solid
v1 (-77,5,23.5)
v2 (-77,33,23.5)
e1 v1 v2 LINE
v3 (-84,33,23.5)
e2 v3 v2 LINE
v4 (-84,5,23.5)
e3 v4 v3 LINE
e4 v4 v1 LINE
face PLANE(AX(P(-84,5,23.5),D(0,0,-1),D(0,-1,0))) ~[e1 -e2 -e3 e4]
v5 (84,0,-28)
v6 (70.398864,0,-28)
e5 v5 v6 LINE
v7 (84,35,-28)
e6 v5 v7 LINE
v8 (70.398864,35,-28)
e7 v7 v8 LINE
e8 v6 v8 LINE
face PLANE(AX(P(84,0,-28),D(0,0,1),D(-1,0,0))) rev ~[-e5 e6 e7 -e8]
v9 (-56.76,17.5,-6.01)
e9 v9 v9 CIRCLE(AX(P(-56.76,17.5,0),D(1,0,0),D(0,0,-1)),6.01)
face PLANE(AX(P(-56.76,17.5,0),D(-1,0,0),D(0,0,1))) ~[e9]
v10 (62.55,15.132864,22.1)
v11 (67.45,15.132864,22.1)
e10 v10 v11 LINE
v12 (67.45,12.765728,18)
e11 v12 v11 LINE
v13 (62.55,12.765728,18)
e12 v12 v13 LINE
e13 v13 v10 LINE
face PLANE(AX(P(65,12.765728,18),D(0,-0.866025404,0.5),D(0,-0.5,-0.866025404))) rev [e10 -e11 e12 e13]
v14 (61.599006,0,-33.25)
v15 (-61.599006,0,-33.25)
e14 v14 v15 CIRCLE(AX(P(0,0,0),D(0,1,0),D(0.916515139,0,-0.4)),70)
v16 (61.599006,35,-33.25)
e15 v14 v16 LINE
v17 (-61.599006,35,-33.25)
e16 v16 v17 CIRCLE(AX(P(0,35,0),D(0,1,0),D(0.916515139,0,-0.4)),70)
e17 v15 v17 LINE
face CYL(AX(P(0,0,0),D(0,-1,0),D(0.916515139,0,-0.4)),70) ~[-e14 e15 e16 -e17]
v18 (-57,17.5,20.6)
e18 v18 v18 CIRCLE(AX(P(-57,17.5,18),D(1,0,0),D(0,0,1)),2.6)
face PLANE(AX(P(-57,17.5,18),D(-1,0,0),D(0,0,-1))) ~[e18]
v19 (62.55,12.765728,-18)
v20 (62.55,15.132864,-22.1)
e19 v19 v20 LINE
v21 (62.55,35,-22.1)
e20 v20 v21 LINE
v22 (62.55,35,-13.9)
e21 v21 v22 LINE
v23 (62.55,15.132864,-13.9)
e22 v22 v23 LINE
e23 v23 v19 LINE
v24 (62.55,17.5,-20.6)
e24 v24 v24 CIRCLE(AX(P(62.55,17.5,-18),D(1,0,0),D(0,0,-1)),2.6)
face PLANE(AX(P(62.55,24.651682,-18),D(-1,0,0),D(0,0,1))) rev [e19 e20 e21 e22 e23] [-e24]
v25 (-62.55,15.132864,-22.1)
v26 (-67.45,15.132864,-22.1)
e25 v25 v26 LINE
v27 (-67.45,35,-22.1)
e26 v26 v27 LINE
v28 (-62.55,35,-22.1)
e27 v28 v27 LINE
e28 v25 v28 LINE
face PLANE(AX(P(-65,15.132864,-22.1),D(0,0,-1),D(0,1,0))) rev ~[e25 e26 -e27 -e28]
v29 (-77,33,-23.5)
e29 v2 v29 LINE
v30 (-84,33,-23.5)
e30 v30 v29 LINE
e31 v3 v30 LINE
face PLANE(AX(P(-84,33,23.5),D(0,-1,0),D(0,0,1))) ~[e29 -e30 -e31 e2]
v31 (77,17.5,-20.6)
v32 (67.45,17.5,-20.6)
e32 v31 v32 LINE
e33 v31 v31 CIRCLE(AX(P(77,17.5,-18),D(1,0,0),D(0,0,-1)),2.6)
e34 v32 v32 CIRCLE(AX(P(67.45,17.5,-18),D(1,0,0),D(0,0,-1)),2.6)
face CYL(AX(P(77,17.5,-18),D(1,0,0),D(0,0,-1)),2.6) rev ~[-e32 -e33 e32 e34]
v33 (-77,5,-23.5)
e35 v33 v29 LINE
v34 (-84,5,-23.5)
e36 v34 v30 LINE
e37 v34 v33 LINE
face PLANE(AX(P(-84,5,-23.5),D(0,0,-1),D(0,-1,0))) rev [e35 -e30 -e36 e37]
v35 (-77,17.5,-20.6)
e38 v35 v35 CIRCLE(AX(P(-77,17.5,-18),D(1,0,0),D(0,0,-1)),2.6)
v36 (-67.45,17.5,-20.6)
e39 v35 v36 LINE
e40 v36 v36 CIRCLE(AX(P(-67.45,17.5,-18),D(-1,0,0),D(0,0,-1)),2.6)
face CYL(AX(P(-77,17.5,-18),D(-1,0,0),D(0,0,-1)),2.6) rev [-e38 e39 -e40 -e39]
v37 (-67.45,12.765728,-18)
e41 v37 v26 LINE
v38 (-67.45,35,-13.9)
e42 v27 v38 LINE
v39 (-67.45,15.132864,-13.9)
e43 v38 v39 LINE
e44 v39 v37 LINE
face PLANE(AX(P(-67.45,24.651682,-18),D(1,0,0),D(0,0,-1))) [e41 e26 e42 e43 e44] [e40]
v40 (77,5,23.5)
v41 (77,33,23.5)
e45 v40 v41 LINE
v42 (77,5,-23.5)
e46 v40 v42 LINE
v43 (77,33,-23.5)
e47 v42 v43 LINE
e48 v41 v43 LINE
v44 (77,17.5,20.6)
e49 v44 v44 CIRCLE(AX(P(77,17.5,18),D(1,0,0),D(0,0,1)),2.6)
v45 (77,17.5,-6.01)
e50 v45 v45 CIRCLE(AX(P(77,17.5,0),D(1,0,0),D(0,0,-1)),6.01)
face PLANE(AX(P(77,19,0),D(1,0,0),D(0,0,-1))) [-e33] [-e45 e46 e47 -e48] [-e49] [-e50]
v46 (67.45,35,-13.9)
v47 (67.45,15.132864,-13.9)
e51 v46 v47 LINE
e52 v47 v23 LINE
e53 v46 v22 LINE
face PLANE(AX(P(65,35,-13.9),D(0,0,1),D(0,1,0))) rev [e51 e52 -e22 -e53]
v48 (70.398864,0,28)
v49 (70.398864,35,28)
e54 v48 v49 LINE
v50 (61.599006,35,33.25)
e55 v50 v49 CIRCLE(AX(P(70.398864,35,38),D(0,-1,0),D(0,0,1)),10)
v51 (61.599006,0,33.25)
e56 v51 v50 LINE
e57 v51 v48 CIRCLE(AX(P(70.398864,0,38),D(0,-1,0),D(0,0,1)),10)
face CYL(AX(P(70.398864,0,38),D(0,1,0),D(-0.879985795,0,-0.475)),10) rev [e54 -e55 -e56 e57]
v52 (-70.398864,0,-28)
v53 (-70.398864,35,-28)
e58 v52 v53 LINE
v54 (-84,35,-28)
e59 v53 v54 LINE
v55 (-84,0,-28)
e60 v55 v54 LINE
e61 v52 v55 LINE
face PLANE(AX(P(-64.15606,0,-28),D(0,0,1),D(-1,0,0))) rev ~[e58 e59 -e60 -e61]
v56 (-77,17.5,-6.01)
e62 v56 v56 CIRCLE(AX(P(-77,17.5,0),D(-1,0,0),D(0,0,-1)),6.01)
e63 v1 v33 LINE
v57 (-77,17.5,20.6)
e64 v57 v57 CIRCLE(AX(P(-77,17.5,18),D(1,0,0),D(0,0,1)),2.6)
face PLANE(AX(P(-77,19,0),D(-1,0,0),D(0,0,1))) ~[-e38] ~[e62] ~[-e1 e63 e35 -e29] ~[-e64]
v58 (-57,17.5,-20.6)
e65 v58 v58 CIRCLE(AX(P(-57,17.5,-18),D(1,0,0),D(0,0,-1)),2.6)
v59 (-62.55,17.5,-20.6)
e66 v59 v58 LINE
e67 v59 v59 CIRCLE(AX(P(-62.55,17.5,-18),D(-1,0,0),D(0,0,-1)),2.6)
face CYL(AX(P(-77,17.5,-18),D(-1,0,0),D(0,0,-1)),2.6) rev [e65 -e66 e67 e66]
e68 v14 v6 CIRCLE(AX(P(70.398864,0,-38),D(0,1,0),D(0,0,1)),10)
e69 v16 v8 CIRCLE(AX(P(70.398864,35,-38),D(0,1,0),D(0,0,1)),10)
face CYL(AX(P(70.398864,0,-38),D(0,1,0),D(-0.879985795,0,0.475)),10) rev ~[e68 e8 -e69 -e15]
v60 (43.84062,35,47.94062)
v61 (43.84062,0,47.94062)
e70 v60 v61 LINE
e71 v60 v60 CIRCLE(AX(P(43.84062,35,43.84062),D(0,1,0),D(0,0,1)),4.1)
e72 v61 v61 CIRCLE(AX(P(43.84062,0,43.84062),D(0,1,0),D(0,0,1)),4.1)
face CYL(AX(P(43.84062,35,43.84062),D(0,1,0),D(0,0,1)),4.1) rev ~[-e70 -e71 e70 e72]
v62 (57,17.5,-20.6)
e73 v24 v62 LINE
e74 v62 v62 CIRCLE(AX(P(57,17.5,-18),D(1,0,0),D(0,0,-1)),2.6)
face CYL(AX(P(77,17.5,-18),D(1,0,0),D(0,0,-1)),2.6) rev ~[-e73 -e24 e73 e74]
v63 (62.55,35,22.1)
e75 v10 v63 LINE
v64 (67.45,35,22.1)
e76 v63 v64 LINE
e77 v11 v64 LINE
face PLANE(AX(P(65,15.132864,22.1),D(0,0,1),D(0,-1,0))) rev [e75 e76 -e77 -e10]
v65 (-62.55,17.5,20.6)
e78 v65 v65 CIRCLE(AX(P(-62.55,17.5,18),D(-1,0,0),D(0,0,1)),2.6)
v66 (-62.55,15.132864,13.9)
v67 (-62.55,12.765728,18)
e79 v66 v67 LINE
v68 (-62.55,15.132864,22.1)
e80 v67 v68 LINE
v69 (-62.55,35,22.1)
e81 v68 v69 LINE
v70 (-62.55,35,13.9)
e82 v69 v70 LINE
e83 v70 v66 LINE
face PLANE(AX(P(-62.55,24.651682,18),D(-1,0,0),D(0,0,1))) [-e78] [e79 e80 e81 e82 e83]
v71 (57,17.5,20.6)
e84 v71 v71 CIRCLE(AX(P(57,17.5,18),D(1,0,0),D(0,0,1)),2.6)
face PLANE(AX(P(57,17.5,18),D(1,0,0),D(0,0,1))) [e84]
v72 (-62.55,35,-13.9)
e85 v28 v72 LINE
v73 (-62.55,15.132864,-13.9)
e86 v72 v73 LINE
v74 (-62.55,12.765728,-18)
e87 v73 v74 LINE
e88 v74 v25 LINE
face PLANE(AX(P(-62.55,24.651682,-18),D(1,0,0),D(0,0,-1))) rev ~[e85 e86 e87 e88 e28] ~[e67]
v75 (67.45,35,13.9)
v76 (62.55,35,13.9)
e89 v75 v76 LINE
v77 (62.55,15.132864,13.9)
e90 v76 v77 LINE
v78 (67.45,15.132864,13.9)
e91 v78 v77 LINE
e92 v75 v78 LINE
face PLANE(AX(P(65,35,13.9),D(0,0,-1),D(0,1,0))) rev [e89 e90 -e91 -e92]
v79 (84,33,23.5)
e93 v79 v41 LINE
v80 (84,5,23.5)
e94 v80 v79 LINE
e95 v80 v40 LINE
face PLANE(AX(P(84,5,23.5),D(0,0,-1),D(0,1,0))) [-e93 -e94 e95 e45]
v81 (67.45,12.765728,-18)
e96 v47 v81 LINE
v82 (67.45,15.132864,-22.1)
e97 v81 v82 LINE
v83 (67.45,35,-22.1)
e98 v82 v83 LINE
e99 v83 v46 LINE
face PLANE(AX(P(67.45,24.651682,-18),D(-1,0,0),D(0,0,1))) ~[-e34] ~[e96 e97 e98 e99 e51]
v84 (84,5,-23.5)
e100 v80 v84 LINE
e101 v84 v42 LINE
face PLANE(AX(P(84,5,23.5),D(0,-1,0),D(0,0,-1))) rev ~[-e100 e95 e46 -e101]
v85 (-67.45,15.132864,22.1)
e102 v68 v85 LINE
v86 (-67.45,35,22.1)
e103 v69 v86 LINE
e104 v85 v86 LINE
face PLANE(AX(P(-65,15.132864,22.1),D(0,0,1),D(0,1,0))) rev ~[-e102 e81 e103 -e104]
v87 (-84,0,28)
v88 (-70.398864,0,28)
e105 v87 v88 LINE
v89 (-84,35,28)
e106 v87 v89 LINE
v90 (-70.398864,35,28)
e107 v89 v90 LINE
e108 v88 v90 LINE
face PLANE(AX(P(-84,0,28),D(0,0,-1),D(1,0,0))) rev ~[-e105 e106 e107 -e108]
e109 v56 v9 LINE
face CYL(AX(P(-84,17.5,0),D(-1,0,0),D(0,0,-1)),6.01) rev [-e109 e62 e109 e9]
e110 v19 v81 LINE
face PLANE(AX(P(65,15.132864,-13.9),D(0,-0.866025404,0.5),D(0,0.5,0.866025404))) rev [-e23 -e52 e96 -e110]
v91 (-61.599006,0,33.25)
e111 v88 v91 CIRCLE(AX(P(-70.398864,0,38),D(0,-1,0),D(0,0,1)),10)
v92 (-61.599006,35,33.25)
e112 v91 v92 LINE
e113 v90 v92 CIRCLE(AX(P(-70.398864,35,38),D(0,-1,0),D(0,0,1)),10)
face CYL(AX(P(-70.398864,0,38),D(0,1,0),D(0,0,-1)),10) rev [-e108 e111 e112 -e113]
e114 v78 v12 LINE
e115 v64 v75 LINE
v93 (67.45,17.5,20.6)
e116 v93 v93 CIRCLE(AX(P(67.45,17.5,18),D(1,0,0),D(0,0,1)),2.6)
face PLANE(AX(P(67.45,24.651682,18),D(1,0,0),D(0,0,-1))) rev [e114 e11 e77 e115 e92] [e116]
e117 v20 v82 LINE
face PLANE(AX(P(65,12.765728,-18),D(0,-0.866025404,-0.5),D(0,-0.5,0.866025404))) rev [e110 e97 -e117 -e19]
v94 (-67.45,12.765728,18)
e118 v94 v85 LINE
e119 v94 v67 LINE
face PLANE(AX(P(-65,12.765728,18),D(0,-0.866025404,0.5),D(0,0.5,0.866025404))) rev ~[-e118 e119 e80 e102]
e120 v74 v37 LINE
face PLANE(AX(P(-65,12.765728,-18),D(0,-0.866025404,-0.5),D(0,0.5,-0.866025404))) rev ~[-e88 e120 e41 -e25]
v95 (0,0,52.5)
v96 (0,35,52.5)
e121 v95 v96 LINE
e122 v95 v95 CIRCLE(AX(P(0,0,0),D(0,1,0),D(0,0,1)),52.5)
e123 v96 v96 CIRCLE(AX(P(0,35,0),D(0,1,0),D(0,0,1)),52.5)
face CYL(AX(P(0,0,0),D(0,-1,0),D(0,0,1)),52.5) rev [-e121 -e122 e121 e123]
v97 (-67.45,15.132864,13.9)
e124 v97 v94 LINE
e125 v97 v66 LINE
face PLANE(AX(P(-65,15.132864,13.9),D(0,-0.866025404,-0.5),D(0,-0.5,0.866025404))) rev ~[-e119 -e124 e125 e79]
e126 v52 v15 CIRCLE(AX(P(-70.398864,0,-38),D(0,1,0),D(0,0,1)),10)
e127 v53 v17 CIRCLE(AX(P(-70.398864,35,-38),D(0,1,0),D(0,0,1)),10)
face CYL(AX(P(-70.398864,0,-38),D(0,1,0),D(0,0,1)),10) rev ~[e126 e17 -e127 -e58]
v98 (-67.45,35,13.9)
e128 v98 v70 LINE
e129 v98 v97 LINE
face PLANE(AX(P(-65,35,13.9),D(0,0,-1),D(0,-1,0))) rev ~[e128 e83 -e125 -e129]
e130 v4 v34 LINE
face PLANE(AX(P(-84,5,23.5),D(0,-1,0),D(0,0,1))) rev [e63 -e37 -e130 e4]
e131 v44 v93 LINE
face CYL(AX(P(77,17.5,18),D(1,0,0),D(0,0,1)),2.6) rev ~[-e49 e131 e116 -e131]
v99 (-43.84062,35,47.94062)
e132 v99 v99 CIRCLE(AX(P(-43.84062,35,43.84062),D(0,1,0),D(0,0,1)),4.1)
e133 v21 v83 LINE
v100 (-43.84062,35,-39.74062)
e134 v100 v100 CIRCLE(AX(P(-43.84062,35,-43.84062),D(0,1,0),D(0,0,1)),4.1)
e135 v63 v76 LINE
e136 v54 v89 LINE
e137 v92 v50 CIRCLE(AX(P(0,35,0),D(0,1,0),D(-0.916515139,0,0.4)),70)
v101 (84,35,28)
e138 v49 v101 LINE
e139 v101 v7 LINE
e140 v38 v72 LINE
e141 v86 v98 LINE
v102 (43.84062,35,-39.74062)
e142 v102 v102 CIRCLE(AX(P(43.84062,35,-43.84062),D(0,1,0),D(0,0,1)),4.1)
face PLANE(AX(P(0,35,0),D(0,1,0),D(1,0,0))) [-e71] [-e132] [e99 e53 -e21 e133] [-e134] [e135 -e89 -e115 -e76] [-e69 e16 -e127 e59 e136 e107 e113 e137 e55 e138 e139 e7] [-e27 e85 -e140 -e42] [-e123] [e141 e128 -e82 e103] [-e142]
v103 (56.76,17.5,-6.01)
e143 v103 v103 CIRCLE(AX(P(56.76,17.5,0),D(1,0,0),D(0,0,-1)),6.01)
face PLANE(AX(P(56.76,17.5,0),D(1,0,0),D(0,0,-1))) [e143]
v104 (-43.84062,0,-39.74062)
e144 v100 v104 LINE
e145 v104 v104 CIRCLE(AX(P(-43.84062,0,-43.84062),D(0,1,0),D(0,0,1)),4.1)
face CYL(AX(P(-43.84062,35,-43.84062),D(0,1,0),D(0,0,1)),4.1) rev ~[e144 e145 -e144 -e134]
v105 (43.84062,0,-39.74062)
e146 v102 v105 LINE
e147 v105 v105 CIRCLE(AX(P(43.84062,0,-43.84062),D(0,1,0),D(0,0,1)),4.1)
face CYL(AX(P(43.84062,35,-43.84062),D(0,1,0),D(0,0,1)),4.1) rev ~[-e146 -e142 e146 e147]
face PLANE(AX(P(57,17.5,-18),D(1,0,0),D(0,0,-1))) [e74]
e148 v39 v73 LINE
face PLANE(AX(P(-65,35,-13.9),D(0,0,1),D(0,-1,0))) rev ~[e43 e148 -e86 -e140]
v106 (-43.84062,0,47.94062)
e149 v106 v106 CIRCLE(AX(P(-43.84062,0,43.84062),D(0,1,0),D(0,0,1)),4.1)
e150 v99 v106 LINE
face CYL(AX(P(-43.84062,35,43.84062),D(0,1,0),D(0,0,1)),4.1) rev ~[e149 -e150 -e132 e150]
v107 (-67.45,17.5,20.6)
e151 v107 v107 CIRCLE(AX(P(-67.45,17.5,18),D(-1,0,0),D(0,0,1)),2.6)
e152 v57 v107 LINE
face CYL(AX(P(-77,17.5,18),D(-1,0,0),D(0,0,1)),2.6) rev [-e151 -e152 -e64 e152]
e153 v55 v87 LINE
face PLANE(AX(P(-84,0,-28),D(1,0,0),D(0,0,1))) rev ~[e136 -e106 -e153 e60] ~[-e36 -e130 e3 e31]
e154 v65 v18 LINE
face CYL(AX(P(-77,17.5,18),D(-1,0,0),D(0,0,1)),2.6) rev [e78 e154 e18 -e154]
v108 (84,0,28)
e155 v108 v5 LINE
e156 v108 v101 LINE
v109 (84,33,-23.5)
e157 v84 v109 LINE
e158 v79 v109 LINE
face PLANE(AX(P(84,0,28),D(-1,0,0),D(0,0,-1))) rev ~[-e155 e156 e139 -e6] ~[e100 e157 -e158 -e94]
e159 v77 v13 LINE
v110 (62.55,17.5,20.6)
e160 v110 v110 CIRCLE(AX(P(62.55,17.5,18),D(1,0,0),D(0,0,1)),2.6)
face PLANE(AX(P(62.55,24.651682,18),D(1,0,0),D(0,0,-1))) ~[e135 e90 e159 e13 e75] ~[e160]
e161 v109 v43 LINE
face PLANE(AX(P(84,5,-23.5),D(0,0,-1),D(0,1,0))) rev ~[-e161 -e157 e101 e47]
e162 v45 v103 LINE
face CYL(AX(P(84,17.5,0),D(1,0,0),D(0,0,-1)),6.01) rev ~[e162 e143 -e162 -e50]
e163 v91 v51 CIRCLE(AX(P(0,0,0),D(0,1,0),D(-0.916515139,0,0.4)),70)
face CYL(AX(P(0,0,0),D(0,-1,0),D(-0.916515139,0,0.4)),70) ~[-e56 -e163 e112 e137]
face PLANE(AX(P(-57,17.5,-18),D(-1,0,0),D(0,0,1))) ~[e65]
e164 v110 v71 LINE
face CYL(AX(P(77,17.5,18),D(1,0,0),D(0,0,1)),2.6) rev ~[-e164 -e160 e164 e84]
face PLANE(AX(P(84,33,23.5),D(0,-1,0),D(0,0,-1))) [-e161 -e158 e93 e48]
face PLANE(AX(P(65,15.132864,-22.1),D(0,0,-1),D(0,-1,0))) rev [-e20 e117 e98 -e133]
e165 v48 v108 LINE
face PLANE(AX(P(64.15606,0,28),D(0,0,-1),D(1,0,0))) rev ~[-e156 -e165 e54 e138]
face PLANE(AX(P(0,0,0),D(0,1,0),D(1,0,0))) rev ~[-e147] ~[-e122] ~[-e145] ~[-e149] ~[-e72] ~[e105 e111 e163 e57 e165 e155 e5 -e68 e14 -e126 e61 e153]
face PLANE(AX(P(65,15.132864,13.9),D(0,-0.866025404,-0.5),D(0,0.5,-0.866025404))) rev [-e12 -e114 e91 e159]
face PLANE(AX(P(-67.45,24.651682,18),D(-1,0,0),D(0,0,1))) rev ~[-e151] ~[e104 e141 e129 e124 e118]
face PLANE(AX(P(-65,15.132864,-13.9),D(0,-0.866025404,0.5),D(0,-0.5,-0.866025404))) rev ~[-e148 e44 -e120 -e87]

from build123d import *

# Parameters (mm, degrees)
IZIM1_R                     = 52.5
Y_KSEKLIK_EKSTR_ZYON1_DEPTH = 35
IZIM2_R                     = 6.01
KES_EKSTR_ZYON1_DEPTH       = 27.24
IZIM3_W                     = 47
IZIM3_H                     = 28
KES_EKSTR_ZYON2_DEPTH       = 7
IZIM4_R                     = 2.6
KES_EKSTR_ZYON3_DEPTH       = 20
KES_EKSTR_ZYON4_DEPTH       = 2.45
IZIM7_R                     = 4.1
KES_EKSTR_ZYON5_DEPTH       = 115.808536268
RADYUS1_R                   = 10


with BuildPart() as part:
    # Çizim1 → Yükseklik-Ekstrüzyon1 (new body)
    with BuildSketch(Plane(origin=(0, 0, 0), x_dir=(1, 0, 0), z_dir=(0, 1, 0))):
        with BuildLine():
            Line((-64.156059729, 28), (-84, 28))
            Line((-84, 28), (-84, -28))
            Line((-84, -28), (-64.156059729, -28))
            ThreePointArc((-64.156059729, -28), (0, -70), (64.156059729, -28))
            Line((64.156059729, -28), (84, -28))
            Line((84, -28), (84, 28))
            Line((84, 28), (64.156059729, 28))
            ThreePointArc((64.156059729, 28), (0, 70), (-64.156059729, 28))
        make_face()
        with Locations(Location((0, 0, 0), (0, 0, 270))):
            Circle(IZIM1_R, mode=Mode.SUBTRACT)
    extrude(amount=Y_KSEKLIK_EKSTR_ZYON1_DEPTH)

    # Çizim2 → Kes-Ekstrüzyon1 (cut)
    with BuildSketch(Plane(origin=(84, 0, 0), x_dir=(0, 0, -1), z_dir=(1, 0, 0))):
        with Locations((0, 17.5)):
            Circle(IZIM2_R)
    kes_ekstr_zyon1 = extrude(amount=-KES_EKSTR_ZYON1_DEPTH, mode=Mode.SUBTRACT)

    # Aynalama1: Kes-Ekstrüzyon1 across plane
    add(kes_ekstr_zyon1.mirror(Plane(origin=(0, 0, 0), x_dir=(0, 0, 1), z_dir=(1, 0, 0))), mode=Mode.SUBTRACT)

    # Çizim3 → Kes-Ekstrüzyon2 (cut)
    with BuildSketch(Plane(origin=(84, 0, 0), x_dir=(0, 0, -1), z_dir=(1, 0, 0))):
        with Locations((0, 19)):
            Rectangle(IZIM3_W, IZIM3_H)
    kes_ekstr_zyon2 = extrude(amount=-KES_EKSTR_ZYON2_DEPTH, mode=Mode.SUBTRACT)

    # Aynalama2: Kes-Ekstrüzyon2 across plane
    add(kes_ekstr_zyon2.mirror(Plane(origin=(0, 0, 0), x_dir=(0, 0, 1), z_dir=(1, 0, 0))), mode=Mode.SUBTRACT)

    # Çizim4 → Kes-Ekstrüzyon3 (cut)
    with BuildSketch(Plane(origin=(77, 0, 0), x_dir=(0, 0, -1), z_dir=(1, 0, 0))):
        with Locations((18, 17.5)):
            Circle(IZIM4_R)
        with Locations(Location((-18, 17.5, 0), (0, 0, 180))):
            Circle(IZIM4_R)
    kes_ekstr_zyon3 = extrude(amount=-KES_EKSTR_ZYON3_DEPTH, mode=Mode.SUBTRACT)

    # Aynalama3: Kes-Ekstrüzyon3 across plane
    add(kes_ekstr_zyon3.mirror(Plane(origin=(0, 0, 0), x_dir=(0, 0, 1), z_dir=(1, 0, 0))), mode=Mode.SUBTRACT)

    # Çizim6 → Kes-Ekstrüzyon4 (cut, symmetric)
    with BuildSketch(Plane.ZY.offset(65)):
        Polygon((-22.1, 35), (-13.9, 35), (-13.9, 15.132863896), (-18, 12.765727793), (-22.1, 15.132863896), align=None)
        Polygon((18, 12.765727793), (22.1, 15.132863896), (22.1, 35), (13.9, 35), (13.9, 15.132863896), align=None)
    kes_ekstr_zyon4 = extrude(amount=KES_EKSTR_ZYON4_DEPTH, both=True, mode=Mode.SUBTRACT)

    # Aynalama4: Kes-Ekstrüzyon4 across plane
    add(kes_ekstr_zyon4.mirror(Plane(origin=(0, 0, 0), x_dir=(0, 0, 1), z_dir=(1, 0, 0))), mode=Mode.SUBTRACT)

    # Çizim7 → Kes-Ekstrüzyon5 (cut, through all)
    with BuildSketch(Plane(origin=(0, 35, 0), x_dir=(1, 0, 0), z_dir=(0, 1, 0))):
        with Locations(Location((43.840620434, -43.840620434, 0), (0, 0, 270))):
            Circle(IZIM7_R)
        with Locations(Location((-43.840620434, -43.840620434, 0), (0, 0, 270))):
            Circle(IZIM7_R)
        with Locations(Location((-43.840620434, 43.840620434, 0), (0, 0, 270))):
            Circle(IZIM7_R)
        with Locations(Location((43.840620434, 43.840620434, 0), (0, 0, 270))):
            Circle(IZIM7_R)
    extrude(amount=-KES_EKSTR_ZYON5_DEPTH, mode=Mode.SUBTRACT)

    # Radyus1
    radyus1_edges = [part.edges().sort_by_distance(p)[0] for p in [
        (64.156059729, 17.5, -28),
        (64.156059729, 17.5, 28),
        (-64.156059729, 17.5, 28),
        (-64.156059729, 17.5, -28),
    ]]
    fillet(radyus1_edges, radius=RADYUS1_R)


solid = part.part
